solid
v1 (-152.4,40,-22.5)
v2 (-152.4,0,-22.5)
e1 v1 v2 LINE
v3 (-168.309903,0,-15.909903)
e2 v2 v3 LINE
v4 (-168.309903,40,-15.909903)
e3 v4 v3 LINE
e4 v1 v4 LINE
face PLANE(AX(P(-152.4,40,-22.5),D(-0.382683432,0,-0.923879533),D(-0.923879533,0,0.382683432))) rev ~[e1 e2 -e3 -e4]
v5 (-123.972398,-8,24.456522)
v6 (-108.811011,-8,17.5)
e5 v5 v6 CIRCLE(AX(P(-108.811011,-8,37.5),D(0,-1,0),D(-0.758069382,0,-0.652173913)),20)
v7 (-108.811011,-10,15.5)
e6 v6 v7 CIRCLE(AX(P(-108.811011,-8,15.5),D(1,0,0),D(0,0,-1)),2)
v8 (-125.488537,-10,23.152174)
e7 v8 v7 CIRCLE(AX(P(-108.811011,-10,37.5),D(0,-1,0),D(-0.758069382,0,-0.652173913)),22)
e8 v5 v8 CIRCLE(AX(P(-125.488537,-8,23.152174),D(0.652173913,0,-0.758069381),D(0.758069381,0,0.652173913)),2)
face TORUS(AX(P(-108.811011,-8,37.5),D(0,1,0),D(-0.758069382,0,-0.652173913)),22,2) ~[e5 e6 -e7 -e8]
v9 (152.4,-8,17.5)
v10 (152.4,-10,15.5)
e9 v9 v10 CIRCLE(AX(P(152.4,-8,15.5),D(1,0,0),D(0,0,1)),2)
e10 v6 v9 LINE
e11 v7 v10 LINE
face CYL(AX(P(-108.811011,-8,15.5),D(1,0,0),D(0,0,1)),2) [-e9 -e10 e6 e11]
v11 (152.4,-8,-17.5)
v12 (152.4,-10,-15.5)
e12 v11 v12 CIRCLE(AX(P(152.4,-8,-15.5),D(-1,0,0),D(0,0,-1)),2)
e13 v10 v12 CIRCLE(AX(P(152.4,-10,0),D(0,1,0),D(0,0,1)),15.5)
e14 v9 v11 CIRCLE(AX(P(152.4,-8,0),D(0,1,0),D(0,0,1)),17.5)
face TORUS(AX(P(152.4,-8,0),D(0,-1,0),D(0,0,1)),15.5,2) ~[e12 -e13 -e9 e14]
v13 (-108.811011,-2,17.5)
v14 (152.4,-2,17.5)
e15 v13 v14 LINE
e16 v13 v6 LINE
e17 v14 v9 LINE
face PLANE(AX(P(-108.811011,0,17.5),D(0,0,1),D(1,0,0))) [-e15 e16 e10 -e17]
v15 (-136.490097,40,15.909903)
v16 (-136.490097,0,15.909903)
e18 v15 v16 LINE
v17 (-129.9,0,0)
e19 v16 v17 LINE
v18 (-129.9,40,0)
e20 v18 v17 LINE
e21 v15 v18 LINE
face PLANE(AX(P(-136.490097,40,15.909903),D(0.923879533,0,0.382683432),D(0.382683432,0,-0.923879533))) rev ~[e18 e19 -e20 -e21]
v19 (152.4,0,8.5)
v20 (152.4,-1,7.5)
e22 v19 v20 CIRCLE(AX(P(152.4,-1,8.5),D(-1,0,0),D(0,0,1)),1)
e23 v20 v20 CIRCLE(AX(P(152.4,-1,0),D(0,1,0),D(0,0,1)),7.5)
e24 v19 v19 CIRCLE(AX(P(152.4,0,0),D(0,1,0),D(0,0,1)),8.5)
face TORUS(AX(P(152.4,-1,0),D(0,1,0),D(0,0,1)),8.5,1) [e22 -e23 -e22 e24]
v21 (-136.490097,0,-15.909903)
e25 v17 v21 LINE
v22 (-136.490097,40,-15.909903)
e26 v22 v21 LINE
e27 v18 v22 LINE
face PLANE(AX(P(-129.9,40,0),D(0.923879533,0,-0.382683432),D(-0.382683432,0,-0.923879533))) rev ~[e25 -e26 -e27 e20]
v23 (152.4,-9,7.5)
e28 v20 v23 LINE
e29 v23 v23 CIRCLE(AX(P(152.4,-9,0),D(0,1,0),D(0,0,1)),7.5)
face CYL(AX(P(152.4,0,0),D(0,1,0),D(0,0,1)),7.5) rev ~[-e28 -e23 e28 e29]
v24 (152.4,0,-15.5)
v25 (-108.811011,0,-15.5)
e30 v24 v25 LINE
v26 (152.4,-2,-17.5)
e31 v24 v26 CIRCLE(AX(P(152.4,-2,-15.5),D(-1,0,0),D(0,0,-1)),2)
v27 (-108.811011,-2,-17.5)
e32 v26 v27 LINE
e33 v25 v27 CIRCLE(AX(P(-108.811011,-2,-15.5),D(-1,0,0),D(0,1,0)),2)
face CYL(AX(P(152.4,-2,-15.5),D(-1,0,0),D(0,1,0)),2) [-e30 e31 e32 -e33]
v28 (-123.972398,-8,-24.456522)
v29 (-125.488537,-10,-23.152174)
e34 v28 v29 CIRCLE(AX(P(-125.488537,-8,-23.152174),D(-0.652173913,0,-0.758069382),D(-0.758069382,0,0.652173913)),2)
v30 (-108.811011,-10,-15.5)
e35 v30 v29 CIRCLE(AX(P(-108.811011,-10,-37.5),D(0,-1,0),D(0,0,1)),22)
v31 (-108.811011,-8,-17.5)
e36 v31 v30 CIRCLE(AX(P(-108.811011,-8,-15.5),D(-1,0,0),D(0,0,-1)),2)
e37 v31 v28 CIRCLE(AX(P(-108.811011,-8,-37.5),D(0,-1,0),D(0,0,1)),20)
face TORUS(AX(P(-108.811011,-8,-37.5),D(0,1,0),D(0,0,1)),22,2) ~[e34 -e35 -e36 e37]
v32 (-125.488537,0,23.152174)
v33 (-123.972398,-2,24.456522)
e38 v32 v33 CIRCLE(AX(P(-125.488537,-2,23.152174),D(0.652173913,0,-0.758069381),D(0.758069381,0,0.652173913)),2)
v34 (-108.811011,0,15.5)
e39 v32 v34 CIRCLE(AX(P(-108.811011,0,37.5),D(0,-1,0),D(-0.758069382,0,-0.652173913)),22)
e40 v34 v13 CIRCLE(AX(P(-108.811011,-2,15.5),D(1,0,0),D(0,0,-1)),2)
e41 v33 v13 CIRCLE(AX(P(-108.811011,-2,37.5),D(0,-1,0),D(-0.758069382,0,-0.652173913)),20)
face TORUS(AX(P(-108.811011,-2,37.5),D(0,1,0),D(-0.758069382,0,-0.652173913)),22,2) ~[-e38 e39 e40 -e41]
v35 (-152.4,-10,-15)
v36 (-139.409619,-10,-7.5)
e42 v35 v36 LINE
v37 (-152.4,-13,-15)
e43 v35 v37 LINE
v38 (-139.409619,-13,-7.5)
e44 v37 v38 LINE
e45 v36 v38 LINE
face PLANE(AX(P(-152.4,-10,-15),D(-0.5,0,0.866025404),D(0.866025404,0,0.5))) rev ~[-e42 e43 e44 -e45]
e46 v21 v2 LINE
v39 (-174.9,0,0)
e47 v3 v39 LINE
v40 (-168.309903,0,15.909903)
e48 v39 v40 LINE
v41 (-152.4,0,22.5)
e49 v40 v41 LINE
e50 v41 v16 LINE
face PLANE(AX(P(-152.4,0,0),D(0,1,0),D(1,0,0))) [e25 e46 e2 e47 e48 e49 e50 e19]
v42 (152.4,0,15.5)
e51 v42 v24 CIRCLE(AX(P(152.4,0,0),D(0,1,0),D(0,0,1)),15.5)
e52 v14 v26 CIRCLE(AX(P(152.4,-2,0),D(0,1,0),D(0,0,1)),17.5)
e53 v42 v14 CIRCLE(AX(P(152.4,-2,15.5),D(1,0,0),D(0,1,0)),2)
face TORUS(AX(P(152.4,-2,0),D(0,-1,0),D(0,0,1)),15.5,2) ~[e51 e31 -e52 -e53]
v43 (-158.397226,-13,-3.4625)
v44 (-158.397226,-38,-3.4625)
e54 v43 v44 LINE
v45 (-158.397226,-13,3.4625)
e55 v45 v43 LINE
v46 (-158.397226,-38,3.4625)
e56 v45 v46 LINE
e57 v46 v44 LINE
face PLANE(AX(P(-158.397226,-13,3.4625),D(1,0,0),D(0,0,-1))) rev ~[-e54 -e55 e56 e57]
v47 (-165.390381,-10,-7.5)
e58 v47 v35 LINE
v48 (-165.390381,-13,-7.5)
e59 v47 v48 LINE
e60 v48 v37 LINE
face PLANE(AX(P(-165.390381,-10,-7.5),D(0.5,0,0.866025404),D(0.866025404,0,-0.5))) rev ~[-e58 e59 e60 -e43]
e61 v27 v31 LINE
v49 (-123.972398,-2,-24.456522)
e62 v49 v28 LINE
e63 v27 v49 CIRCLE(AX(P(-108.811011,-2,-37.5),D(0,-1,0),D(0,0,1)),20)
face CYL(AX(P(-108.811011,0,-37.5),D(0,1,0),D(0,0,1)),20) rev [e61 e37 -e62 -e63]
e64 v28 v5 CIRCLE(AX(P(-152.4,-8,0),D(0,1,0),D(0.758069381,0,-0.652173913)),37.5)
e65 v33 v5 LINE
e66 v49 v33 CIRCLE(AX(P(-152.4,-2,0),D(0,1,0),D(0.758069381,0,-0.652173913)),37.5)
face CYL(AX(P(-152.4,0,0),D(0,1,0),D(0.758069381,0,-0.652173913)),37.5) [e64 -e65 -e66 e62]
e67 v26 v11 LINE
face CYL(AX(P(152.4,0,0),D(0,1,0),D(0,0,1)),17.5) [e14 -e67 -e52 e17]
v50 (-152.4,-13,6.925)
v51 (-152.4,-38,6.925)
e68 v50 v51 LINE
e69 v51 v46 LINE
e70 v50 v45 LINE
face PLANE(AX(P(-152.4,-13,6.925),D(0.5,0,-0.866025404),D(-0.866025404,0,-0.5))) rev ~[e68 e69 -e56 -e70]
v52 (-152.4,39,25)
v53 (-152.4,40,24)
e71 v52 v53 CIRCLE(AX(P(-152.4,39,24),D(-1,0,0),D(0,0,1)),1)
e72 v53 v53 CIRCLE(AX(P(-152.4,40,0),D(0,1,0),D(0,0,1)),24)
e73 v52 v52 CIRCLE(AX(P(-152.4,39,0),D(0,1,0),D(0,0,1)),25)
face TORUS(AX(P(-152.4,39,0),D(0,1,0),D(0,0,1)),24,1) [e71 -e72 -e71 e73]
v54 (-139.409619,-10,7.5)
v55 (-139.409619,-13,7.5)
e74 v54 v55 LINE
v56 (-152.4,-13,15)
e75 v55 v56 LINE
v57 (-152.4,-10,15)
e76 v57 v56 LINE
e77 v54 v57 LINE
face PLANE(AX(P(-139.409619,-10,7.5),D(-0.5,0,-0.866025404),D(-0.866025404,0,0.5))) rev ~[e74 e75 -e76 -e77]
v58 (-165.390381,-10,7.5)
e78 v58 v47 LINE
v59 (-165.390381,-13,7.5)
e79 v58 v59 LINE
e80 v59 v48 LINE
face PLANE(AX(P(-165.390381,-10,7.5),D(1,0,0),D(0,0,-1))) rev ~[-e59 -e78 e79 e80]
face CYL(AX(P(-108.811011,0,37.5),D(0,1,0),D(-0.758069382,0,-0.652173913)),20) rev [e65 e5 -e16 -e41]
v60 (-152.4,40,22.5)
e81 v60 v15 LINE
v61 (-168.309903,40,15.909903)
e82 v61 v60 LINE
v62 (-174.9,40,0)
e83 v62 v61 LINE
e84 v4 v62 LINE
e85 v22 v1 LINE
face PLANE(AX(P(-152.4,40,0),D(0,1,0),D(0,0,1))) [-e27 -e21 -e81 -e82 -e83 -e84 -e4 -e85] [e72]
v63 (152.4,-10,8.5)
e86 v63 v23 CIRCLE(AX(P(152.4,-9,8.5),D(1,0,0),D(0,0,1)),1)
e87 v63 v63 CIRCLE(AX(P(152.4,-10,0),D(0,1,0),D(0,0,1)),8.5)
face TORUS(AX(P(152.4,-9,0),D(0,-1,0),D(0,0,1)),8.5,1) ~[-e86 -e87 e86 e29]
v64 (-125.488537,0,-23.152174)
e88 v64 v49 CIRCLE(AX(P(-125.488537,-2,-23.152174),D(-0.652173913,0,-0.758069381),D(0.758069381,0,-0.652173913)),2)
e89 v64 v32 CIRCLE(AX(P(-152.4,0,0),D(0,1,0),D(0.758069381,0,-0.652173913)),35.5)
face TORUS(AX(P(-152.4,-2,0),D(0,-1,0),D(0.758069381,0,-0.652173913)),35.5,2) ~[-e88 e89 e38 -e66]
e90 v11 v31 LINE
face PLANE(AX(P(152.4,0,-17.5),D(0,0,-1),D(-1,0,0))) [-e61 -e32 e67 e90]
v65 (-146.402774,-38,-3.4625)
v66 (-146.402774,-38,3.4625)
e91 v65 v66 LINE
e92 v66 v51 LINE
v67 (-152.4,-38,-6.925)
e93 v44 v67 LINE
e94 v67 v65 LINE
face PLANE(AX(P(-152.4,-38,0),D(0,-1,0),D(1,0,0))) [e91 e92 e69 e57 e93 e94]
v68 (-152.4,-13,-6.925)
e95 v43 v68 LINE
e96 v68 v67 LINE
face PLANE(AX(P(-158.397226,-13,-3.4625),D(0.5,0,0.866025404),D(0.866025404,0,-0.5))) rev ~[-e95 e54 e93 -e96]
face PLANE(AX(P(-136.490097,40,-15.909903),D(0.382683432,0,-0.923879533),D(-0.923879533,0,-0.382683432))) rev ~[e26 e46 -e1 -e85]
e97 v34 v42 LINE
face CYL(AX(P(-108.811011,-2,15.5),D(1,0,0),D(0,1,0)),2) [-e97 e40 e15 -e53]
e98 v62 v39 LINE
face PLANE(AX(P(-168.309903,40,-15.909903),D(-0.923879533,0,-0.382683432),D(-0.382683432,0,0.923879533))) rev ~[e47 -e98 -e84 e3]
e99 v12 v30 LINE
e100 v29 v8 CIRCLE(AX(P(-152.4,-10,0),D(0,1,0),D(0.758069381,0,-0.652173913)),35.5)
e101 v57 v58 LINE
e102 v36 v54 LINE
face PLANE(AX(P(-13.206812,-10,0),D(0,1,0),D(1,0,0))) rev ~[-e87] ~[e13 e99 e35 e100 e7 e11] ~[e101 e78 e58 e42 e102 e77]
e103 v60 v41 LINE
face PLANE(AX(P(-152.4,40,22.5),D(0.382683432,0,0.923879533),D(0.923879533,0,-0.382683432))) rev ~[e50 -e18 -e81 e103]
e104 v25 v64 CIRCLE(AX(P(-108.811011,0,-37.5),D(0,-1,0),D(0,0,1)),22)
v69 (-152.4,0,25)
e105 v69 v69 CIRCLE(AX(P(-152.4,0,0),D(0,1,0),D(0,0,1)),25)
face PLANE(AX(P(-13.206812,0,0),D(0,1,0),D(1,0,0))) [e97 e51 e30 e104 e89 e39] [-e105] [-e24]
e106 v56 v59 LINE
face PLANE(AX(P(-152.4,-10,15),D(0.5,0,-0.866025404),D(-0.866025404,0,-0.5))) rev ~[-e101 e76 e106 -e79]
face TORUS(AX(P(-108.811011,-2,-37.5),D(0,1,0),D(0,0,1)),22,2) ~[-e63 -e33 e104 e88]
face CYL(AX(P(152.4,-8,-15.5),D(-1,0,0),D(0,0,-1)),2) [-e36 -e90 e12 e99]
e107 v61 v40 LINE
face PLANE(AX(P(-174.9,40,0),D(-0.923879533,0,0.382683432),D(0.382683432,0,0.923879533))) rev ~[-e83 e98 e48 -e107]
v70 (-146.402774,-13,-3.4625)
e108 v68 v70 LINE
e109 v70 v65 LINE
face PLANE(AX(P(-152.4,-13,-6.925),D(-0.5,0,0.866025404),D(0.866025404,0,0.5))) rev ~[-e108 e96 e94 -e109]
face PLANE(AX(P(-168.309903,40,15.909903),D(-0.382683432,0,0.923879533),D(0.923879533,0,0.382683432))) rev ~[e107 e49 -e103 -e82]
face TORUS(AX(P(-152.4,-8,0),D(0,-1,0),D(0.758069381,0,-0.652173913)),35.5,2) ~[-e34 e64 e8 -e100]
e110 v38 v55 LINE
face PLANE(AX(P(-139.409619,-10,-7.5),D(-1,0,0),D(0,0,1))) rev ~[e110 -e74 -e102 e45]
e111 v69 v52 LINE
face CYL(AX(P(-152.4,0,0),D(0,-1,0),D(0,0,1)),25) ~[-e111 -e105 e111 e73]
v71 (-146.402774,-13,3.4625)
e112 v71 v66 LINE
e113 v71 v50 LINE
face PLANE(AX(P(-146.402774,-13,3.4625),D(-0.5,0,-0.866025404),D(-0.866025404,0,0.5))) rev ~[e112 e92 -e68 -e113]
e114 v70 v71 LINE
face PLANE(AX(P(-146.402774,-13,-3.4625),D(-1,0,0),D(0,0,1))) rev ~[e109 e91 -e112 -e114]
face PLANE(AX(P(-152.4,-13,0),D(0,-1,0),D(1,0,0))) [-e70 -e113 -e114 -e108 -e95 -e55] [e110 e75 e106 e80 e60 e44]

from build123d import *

# Parameters (mm, degrees)
SKETCH1_R           = 7.5
BOSS_EXTRUDE1_DEPTH = 10
SKETCH1_3_R         = 25
BOSS_EXTRUDE2_DEPTH = 40
CUT_EXTRUDE1_DEPTH  = 40
BOSS_EXTRUDE3_DEPTH = 3
BOSS_EXTRUDE4_DEPTH = 25
FILLET1_R           = 2
FILLET2_R           = 1


with BuildPart() as part:
    # Sketch1 → Boss-Extrude1 (new body)
    with BuildSketch(Plane(origin=(0, 0, 0), x_dir=(1, 0, 0), z_dir=(0, 1, 0))):
        with BuildLine():
            ThreePointArc((152.4, -17.5), (169.9, 0), (152.4, 17.5))
            Line((152.4, 17.5), (-108.811010565, 17.5))
            ThreePointArc((-108.811010565, 17.5), (-117.151587127, 19.322134817), (-123.972398194, 24.456521739))
            ThreePointArc((-123.972398194, 24.456521739), (-189.9, 0), (-123.972398194, -24.456521739))
            ThreePointArc((-123.972398194, -24.456521739), (-117.151587127, -19.322134817), (-108.811010565, -17.5))
            Line((-108.811010565, -17.5), (152.4, -17.5))
        make_face()
        with Locations((152.4, 0)):
            Circle(SKETCH1_R, mode=Mode.SUBTRACT)
    extrude(amount=-BOSS_EXTRUDE1_DEPTH)

    # Sketch1<3> → Boss-Extrude2 (add)
    with BuildSketch(Plane(origin=(0, 0, 0), x_dir=(1, 0, 0), z_dir=(0, 1, 0))):
        with Locations((-152.4, 0)):
            Circle(SKETCH1_3_R)
    extrude(amount=BOSS_EXTRUDE2_DEPTH)

    # Sketch2 → Cut-Extrude1 (cut)
    with BuildSketch(Plane(origin=(0, 40, 0), x_dir=(1, 0, 0), z_dir=(0, 1, 0))):
        Polygon((-129.9, 0), (-136.490097423, 15.909902577), (-152.4, 22.5), (-168.309902577, 15.909902577), (-174.9, 0), (-168.309902577, -15.909902577), (-152.4, -22.5), (-136.490097423, -15.909902577), align=None)
    extrude(amount=-CUT_EXTRUDE1_DEPTH, mode=Mode.SUBTRACT)

    # Sketch3 → Boss-Extrude3 (add)
    with BuildSketch(Plane.XZ.offset(10)):
        Polygon((-139.409618943, 7.5), (-152.4, 15), (-165.390381057, 7.5), (-165.390381057, -7.5), (-152.4, -15), (-139.409618943, -7.5), align=None)
    extrude(amount=BOSS_EXTRUDE3_DEPTH)

    # Sketch4 → Boss-Extrude4 (add)
    with BuildSketch(Plane.XZ.offset(13)):
        Polygon((-146.402774079, 3.4625), (-152.4, 6.925), (-158.397225921, 3.4625), (-158.397225921, -3.4625), (-152.4, -6.925), (-146.402774079, -3.4625), (-146.402774079, 0), align=None)
    extrude(amount=BOSS_EXTRUDE4_DEPTH)

    # Fillet1
    fillet1_edges = [part.edges().sort_by_distance(p)[0] for p in [
        (169.9, -10, 0),
        (-117.151587127, -10, -19.322134817),
        (-117.151587127, -10, 19.322134817),
        (21.794494718, -10, 17.5),
        (21.794494718, -10, -17.5),
        (-189.9, -10, 0),
        (-117.151587127, 0, -19.322134817),
        (-117.151587127, 0, 19.322134817),
        (-189.9, 0, 0),
        (21.794494718, 0, -17.5),
        (21.794494718, 0, 17.5),
        (169.9, 0, 0),
    ]]
    fillet(fillet1_edges, radius=FILLET1_R)

    # Fillet2
    fillet2_edges = [part.edges().sort_by_distance(p)[0] for p in [
        (144.9, -10, 0),
        (144.9, 0, 0),
        (-177.4, 40, 0),
    ]]
    fillet(fillet2_edges, radius=FILLET2_R)


solid = part.part
